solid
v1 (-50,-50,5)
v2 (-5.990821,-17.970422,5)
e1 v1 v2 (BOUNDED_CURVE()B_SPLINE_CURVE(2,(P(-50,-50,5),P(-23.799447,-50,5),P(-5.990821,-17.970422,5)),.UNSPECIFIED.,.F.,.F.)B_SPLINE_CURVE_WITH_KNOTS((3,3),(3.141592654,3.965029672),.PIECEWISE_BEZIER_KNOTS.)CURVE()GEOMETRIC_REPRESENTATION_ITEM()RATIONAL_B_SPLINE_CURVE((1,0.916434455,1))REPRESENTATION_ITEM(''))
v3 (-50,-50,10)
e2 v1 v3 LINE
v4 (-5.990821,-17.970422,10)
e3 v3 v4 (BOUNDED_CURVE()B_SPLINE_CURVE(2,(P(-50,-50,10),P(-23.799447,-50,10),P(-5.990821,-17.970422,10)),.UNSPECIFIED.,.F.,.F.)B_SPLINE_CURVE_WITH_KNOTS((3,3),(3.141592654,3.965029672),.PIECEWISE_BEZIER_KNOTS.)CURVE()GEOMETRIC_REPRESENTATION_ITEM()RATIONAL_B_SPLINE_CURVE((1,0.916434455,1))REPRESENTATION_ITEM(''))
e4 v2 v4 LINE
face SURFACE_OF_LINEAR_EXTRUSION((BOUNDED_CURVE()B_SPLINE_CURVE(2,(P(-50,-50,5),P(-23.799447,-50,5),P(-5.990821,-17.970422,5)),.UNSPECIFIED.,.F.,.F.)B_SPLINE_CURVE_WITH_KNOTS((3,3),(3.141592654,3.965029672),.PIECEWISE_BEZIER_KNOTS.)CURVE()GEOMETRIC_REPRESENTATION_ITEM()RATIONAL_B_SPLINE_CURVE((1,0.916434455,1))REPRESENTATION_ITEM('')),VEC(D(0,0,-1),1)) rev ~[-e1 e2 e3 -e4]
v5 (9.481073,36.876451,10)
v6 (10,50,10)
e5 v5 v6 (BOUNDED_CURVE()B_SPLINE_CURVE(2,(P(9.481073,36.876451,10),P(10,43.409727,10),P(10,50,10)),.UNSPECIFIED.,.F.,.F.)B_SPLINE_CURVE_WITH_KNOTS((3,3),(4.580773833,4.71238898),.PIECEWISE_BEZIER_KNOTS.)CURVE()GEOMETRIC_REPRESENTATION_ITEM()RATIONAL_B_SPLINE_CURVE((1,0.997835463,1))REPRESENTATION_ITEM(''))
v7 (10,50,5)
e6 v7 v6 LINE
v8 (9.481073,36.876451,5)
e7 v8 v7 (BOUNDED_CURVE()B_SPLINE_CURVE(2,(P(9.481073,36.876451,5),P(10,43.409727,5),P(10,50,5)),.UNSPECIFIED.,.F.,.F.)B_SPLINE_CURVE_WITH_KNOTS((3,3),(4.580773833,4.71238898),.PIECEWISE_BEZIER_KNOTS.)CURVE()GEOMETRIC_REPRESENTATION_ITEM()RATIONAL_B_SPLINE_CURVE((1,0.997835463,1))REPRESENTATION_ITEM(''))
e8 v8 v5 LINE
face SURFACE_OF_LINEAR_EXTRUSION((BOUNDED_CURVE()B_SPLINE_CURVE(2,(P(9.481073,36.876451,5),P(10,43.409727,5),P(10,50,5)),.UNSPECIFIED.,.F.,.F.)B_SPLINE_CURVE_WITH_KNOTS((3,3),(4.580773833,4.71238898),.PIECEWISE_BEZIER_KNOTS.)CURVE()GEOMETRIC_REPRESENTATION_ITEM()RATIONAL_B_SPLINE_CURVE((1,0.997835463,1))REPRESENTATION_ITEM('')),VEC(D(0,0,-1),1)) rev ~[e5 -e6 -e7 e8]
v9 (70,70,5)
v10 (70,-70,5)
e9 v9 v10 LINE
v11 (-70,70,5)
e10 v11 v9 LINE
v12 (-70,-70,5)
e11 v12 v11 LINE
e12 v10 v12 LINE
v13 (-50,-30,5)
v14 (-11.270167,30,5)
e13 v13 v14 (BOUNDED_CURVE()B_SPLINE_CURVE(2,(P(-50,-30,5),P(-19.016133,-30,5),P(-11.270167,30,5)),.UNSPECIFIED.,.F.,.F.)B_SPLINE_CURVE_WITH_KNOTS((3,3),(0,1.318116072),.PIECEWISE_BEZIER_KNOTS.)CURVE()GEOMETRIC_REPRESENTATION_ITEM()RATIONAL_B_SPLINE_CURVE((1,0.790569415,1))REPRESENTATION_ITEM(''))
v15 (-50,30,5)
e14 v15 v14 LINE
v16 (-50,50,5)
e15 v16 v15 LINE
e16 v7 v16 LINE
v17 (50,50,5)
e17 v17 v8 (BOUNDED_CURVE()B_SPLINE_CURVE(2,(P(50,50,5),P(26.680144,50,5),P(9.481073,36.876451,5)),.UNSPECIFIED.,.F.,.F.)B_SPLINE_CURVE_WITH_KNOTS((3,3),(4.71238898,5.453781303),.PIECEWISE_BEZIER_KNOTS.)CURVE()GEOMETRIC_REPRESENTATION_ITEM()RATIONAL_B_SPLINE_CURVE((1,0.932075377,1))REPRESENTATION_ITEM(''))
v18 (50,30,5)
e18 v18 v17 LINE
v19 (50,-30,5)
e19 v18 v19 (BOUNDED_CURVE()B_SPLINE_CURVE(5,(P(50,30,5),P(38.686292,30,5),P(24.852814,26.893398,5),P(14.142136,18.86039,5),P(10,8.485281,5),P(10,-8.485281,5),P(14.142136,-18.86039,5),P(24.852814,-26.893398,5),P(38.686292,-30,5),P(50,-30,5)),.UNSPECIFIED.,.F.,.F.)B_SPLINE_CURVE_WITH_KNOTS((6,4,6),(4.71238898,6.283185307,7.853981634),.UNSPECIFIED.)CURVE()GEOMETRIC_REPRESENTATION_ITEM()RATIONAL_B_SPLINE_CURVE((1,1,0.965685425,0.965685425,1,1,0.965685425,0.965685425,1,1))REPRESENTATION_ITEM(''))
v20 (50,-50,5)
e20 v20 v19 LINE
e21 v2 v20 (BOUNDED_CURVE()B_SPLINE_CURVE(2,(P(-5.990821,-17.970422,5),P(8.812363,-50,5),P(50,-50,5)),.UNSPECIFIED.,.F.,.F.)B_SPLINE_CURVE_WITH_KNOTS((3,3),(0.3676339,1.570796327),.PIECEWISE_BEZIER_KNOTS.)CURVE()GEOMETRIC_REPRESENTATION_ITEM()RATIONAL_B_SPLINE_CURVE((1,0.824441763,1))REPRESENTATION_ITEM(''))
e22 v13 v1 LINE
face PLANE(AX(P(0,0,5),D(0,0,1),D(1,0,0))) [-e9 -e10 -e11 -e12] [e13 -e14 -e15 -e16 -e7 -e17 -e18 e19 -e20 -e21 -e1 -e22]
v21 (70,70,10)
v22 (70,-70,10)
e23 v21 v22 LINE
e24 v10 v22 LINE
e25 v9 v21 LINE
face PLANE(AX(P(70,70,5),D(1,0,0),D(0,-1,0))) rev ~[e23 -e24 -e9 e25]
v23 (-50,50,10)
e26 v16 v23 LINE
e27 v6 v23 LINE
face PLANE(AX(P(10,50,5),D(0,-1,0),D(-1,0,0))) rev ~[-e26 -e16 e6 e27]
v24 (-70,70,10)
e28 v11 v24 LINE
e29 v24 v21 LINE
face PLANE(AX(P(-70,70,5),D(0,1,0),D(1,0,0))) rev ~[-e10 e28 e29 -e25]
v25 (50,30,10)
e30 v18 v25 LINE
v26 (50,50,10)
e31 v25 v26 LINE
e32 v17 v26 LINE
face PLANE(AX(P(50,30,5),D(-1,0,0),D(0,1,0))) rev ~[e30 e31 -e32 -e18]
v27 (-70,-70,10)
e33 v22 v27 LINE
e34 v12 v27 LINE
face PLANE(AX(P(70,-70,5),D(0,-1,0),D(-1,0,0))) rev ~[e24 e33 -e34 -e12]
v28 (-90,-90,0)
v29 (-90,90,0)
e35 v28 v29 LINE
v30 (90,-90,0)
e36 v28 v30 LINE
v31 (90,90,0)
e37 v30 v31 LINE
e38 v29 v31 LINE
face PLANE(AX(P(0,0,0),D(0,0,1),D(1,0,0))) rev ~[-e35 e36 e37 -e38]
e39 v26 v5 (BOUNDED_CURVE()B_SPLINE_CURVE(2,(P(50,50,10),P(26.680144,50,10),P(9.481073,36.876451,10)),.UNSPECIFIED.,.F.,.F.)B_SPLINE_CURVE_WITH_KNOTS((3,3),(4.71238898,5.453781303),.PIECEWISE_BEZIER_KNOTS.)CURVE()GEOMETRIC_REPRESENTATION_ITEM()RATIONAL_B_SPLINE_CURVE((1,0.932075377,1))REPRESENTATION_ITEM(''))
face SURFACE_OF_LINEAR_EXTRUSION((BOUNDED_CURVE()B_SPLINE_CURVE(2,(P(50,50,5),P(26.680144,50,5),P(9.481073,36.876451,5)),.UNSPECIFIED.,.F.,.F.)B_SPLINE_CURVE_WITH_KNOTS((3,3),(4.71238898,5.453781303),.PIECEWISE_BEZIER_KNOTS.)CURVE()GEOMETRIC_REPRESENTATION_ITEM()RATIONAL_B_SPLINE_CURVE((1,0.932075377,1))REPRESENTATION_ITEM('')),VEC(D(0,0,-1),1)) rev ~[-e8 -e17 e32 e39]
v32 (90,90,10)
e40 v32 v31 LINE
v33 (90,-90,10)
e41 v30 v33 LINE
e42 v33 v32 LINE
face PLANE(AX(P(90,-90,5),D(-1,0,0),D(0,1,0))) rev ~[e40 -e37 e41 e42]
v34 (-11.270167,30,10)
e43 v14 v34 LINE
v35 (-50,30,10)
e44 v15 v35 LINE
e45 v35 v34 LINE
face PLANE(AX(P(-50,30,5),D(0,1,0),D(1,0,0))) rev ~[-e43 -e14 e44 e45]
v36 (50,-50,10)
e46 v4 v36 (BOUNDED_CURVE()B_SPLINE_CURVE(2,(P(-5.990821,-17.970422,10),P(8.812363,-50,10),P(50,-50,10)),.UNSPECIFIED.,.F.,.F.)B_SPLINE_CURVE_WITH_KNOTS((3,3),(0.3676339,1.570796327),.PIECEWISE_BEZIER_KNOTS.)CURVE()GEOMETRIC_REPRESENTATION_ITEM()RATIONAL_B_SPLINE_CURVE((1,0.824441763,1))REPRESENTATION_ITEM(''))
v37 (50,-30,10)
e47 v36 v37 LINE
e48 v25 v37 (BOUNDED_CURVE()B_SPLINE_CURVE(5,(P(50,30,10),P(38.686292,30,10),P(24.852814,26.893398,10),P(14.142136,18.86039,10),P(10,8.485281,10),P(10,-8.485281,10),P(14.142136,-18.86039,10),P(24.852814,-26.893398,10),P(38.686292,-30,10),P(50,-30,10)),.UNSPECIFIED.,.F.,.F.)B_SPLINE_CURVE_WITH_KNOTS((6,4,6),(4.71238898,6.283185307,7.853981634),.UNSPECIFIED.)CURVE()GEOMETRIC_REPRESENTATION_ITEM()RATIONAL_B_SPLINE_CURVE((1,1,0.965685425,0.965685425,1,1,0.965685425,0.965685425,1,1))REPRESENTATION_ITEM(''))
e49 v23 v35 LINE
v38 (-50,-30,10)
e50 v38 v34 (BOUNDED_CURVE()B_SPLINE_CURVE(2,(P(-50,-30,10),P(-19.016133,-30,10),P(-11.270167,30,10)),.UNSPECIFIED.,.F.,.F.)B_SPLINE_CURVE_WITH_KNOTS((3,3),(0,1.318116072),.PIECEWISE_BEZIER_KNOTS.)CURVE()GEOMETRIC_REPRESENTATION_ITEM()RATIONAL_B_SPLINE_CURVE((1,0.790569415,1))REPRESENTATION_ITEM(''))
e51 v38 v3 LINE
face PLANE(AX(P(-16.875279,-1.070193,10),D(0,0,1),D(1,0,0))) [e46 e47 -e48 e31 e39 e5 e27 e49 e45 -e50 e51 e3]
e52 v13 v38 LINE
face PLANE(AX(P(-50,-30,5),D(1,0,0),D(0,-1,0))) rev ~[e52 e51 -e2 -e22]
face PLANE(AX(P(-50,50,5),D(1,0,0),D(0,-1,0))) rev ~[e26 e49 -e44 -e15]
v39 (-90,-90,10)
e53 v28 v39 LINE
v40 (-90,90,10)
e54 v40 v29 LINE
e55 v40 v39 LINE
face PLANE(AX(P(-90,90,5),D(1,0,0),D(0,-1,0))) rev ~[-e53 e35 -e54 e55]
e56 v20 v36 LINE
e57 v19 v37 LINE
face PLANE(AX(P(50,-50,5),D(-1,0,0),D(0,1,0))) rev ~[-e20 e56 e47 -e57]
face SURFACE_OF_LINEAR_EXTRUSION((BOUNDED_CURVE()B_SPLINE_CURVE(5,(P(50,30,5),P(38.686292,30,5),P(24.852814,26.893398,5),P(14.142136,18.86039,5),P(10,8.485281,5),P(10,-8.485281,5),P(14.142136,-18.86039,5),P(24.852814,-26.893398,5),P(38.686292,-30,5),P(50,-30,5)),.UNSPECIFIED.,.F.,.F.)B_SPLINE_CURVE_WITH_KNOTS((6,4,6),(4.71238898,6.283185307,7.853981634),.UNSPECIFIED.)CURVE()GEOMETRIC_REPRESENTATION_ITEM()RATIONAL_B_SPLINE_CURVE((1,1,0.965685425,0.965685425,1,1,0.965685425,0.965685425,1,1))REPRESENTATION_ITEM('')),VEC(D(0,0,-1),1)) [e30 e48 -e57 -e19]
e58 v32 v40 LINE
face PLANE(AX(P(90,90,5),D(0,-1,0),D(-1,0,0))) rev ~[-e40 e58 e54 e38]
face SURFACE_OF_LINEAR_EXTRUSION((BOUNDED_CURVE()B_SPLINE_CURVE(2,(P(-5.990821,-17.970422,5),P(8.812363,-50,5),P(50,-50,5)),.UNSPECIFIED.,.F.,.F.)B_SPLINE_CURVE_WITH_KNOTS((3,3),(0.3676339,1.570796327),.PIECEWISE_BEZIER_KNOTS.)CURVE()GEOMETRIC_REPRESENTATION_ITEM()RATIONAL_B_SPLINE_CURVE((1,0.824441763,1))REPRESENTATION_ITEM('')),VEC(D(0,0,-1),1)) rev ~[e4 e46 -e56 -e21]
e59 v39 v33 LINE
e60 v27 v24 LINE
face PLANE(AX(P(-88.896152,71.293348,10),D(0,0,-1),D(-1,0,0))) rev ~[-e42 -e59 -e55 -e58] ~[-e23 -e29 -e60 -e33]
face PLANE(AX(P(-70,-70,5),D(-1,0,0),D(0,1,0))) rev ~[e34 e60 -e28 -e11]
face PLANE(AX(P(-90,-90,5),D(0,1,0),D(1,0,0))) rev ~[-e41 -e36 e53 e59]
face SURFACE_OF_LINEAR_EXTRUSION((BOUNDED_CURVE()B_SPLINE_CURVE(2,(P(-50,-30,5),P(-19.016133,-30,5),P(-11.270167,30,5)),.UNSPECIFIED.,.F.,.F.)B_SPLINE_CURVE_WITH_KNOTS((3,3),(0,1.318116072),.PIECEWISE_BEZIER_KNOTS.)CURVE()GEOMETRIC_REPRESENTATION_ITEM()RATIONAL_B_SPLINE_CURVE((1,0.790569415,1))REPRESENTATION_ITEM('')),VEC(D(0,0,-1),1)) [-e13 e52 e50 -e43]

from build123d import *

# Parameters (mm, degrees)
F0_W     = 180
F0_H     = 180
F1_DEPTH = 5
F3_DEPTH = 5


with BuildPart() as f1:
    # F0 (on Top) → F1 (new body)
    with BuildSketch(Plane.XY):
        Rectangle(F0_W, F0_H)
    extrude(amount=F1_DEPTH)

    # F2 (on face) → F3 (join)
    with BuildSketch(Plane.XY.offset(5)):
        with BuildLine():
            add(Edge.make_bspline(
                [(-84.6410161514, 90), (-90, 71.4359353945), (-90, 50)],
                knots=[4.1887902048, 4.1887902048, 4.1887902048, 4.7123889804, 4.7123889804, 4.7123889804], degree=2, weights=[1, 0.9659258263, 1]))
            Line((-84.6410161514, 90), (-90, 90))
            Line((-90, 90), (-90, 50))
        make_face()
        with BuildLine():
            add(Edge.make_bspline(
                [(-11.2701665379, 70), (-12.6331056415, 80.5572809), (-15.3589838486, 90)],
                knots=[1.8234765819, 1.8234765819, 1.8234765819, 2.0943951024, 2.0943951024, 2.0943951024], degree=2, weights=[1, 0.9908394147, 1]))
            Line((-15.3589838486, 90), (-84.6410161514, 90))
            add(Edge.make_bspline(
                [(-84.6410161514, 90), (-90, 71.4359353945), (-90, 50)],
                knots=[4.1887902048, 4.1887902048, 4.1887902048, 4.7123889804, 4.7123889804, 4.7123889804], degree=2, weights=[1, 0.9659258263, 1]))
            add(Edge.make_bspline(
                [(-90, 50), (-90, 3.8119784648), (-70, -19.2820323028)],
                knots=[4.7123889804, 4.7123889804, 4.7123889804, 5.7595865316, 5.7595865316, 5.7595865316], degree=2, weights=[1, 0.8660254038, 1]))
            Line((-70, -19.2820323028), (-70, 70))
            Line((-70, 70), (-11.2701665379, 70))
        make_face()
        with BuildLine():
            add(Edge.make_bspline(
                [(8.7877538268, 70), (7.5221386644, 80.333704529), (4.9909083395, 90)],
                knots=[4.9137469012, 4.9137469012, 4.9137469012, 5.1239058265, 5.1239058265, 5.1239058265], degree=2, weights=[1, 0.9944842314, 1]))
            Line((4.9909083395, 90), (-15.3589838486, 90))
            add(Edge.make_bspline(
                [(-11.2701665379, 70), (-12.6331056415, 80.5572809), (-15.3589838486, 90)],
                knots=[1.8234765819, 1.8234765819, 1.8234765819, 2.0943951024, 2.0943951024, 2.0943951024], degree=2, weights=[1, 0.9908394147, 1]))
            Line((-11.2701665379, 70), (8.7877538268, 70))
        make_face()
        with BuildLine():
            Line((90, 37.267799625), (90, 90))
            Line((90, 90), (4.9909083395, 90))
            add(Edge.make_bspline(
                [(8.7877538268, 70), (7.5221386644, 80.333704529), (4.9909083395, 90)],
                knots=[4.9137469012, 4.9137469012, 4.9137469012, 5.1239058265, 5.1239058265, 5.1239058265], degree=2, weights=[1, 0.9944842314, 1]))
            Line((8.7877538268, 70), (70, 70))
            Line((70, 70), (70, 47.1404520791))
            add(Edge.make_bspline(
                [(90, 37.267799625), (81.1696311978, 43.8495679277), (70, 47.1404520791)],
                knots=[3.9826613242, 3.9826613242, 3.9826613242, 4.3725520709, 4.3725520709, 4.3725520709], degree=2, weights=[1, 0.9810582529, 1]))
        make_face()
        with BuildLine():
            Line((90, -2.944e-07), (90, 37.267799625))
            add(Edge.make_bspline(
                [(90, 37.267799625), (81.1696311978, 43.8495679277), (70, 47.1404520791)],
                knots=[3.9826613242, 3.9826613242, 3.9826613242, 4.3725520709, 4.3725520709, 4.3725520709], degree=2, weights=[1, 0.9810582529, 1]))
            Line((70, 47.1404520791), (70, 25.9807621135))
            add(Edge.make_bspline(
                [(90, -2.944e-07), (90.0000002266, 17.3205079775), (70, 25.9807621135)],
                knots=[3.1415926438, 3.1415926438, 3.1415926438, 4.1887902048, 4.1887902048, 4.1887902048], degree=2, weights=[1, 0.8660254013, 1]))
        make_face()
        with BuildLine():
            add(Edge.make_bspline(
                [(70, -25.9807621135), (89.9999997734, -17.3205081738), (90, -2.944e-07)],
                knots=[2.0943951024, 2.0943951024, 2.0943951024, 3.1415926438, 3.1415926438, 3.1415926438], degree=2, weights=[1, 0.8660254062, 1]))
            add(Edge.make_bspline(
                [(90, -2.944e-07), (90.0000002266, 17.3205079775), (70, 25.9807621135)],
                knots=[3.1415926438, 3.1415926438, 3.1415926438, 4.1887902048, 4.1887902048, 4.1887902048], degree=2, weights=[1, 0.8660254013, 1]))
            Line((70, 25.9807621135), (70, -25.9807621135))
        make_face()
        with BuildLine():
            Line((90, -37.267799625), (90, -2.944e-07))
            add(Edge.make_bspline(
                [(70, -25.9807621135), (89.9999997734, -17.3205081738), (90, -2.944e-07)],
                knots=[2.0943951024, 2.0943951024, 2.0943951024, 3.1415926438, 3.1415926438, 3.1415926438], degree=2, weights=[1, 0.8660254062, 1]))
            Line((70, -25.9807621135), (70, -47.1404520791))
            add(Edge.make_bspline(
                [(70, -47.1404520791), (81.1696311978, -43.8495679277), (90, -37.267799625)],
                knots=[1.9106332362, 1.9106332362, 1.9106332362, 2.300523983, 2.300523983, 2.300523983], degree=2, weights=[1, 0.9810582529, 1]))
        make_face()
        with BuildLine():
            Line((-90, 50), (-90, -24.53559925))
            add(Edge.make_bspline(
                [(-90, -24.53559925), (-81.1696311978, -37.6991358555), (-70, -44.2809041582)],
                knots=[2.4118649974, 2.4118649974, 2.4118649974, 2.8017557441, 2.8017557441, 2.8017557441], degree=2, weights=[1, 0.9810582529, 1]))
            Line((-70, -44.2809041582), (-70, -19.2820323028))
            add(Edge.make_bspline(
                [(-90, 50), (-90, 3.8119784648), (-70, -19.2820323028)],
                knots=[4.7123889804, 4.7123889804, 4.7123889804, 5.7595865316, 5.7595865316, 5.7595865316], degree=2, weights=[1, 0.8660254038, 1]))
        make_face()
        with BuildLine():
            add(Edge.make_bspline(
                [(9.4810733311, 36.876450834), (10, 43.4097265114), (10, 50)],
                knots=[4.5807738328, 4.5807738328, 4.5807738328, 4.7123889804, 4.7123889804, 4.7123889804], degree=2, weights=[1, 0.9978354629, 1]))
            Line((10, 50), (0, 50))
            Line((0, 50), (0, 30))
            Line((0, 30), (-11.2701665379, 30))
            add(Edge.make_bspline(
                [(-50, -30), (-19.0161332303, -30), (-11.2701665379, 30)],
                knots=[0, 0, 0, 1.3181160717, 1.3181160717, 1.3181160717], degree=2, weights=[1, 0.790569415, 1]))
            Line((-50, -30), (-50, -50))
            add(Edge.make_bspline(
                [(-50, -50), (-23.7994473959, -50), (-5.9908211975, -17.9704221034)],
                knots=[3.1415926536, 3.1415926536, 3.1415926536, 3.9650296719, 3.9650296719, 3.9650296719], degree=2, weights=[1, 0.9164344551, 1]))
            add(Edge.make_bspline(
                [(9.4810733311, 36.876450834), (-20.6970548218, 13.8493839138), (-5.9908211975, -17.9704221034)],
                knots=[5.4537813034, 5.4537813034, 5.4537813034, 6.6508192072, 6.6508192072, 6.6508192072], degree=2, weights=[1, 0.8261709721, 1]))
        make_face()
        with BuildLine():
            Line((0, 50), (-10, 50))
            add(Edge.make_bspline(
                [(-11.2701665379, 30), (-10, 39.8386676966), (-10, 50)],
                knots=[1.3181160717, 1.3181160717, 1.3181160717, 1.5707963268, 1.5707963268, 1.5707963268], degree=2, weights=[1, 0.9920296963, 1]))
            Line((-11.2701665379, 30), (0, 30))
            Line((0, 30), (0, 50))
        make_face()
        with BuildLine():
            add(Edge.make_bspline(
                [(-11.2701665379, 30), (-10, 39.8386676966), (-10, 50)],
                knots=[1.3181160717, 1.3181160717, 1.3181160717, 1.5707963268, 1.5707963268, 1.5707963268], degree=2, weights=[1, 0.9920296963, 1]))
            Line((-10, 50), (-50, 50))
            Line((-50, 50), (-50, 30))
            Line((-50, 30), (-11.2701665379, 30))
        make_face()
        with BuildLine():
            Line((50, 30), (50, 50))
            add(Edge.make_bspline(
                [(50, 50), (26.6801438826, 50), (9.4810733311, 36.876450834)],
                knots=[4.7123889804, 4.7123889804, 4.7123889804, 5.4537813034, 5.4537813034, 5.4537813034], degree=2, weights=[1, 0.932075377, 1]))
            add(Edge.make_bspline(
                [(-5.9908211975, -17.9704221034), (6.9772353101, 5.3531836285), (9.4810733311, 36.876450834)],
                knots=[3.9650296719, 3.9650296719, 3.9650296719, 4.5807738328, 4.5807738328, 4.5807738328], degree=2, weights=[1, 0.9529805535, 1]))
            add(Edge.make_bspline(
                [(-5.9908211975, -17.9704221034), (8.8123631833, -50), (50, -50)],
                knots=[0.3676339, 0.3676339, 0.3676339, 1.5707963268, 1.5707963268, 1.5707963268], degree=2, weights=[1, 0.8244417633, 1]))
            Line((50, -50), (50, -30))
            add(Edge.make_bspline(
                [(10, 0), (10, -30), (50, -30)],
                knots=[0, 0, 0, 1.5707963268, 1.5707963268, 1.5707963268], degree=2, weights=[1, 0.7071067812, 1]))
            add(Edge.make_bspline(
                [(50, 30), (10, 30), (10, 0)],
                knots=[4.7123889804, 4.7123889804, 4.7123889804, 6.2831853072, 6.2831853072, 6.2831853072], degree=2, weights=[1, 0.7071067812, 1]))
        make_face()
        with BuildLine():
            add(Edge.make_bspline(
                [(-5.9908211975, -17.9704221034), (6.9772353101, 5.3531836285), (9.4810733311, 36.876450834)],
                knots=[3.9650296719, 3.9650296719, 3.9650296719, 4.5807738328, 4.5807738328, 4.5807738328], degree=2, weights=[1, 0.9529805535, 1]))
            add(Edge.make_bspline(
                [(9.4810733311, 36.876450834), (-20.6970548218, 13.8493839138), (-5.9908211975, -17.9704221034)],
                knots=[5.4537813034, 5.4537813034, 5.4537813034, 6.6508192072, 6.6508192072, 6.6508192072], degree=2, weights=[1, 0.8261709721, 1]))
        make_face()
        with BuildLine():
            Line((90, -90), (90, -37.267799625))
            add(Edge.make_bspline(
                [(70, -47.1404520791), (81.1696311978, -43.8495679277), (90, -37.267799625)],
                knots=[1.9106332362, 1.9106332362, 1.9106332362, 2.300523983, 2.300523983, 2.300523983], degree=2, weights=[1, 0.9810582529, 1]))
            Line((70, -47.1404520791), (70, -70))
            Line((70, -70), (-70, -70))
            Line((-70, -70), (-70, -44.2809041582))
            add(Edge.make_bspline(
                [(-90, -24.53559925), (-81.1696311978, -37.6991358555), (-70, -44.2809041582)],
                knots=[2.4118649974, 2.4118649974, 2.4118649974, 2.8017557441, 2.8017557441, 2.8017557441], degree=2, weights=[1, 0.9810582529, 1]))
            Line((-90, -24.53559925), (-90, -90))
            Line((-90, -90), (90, -90))
        make_face()
    extrude(amount=F3_DEPTH)


solid = f1.part
